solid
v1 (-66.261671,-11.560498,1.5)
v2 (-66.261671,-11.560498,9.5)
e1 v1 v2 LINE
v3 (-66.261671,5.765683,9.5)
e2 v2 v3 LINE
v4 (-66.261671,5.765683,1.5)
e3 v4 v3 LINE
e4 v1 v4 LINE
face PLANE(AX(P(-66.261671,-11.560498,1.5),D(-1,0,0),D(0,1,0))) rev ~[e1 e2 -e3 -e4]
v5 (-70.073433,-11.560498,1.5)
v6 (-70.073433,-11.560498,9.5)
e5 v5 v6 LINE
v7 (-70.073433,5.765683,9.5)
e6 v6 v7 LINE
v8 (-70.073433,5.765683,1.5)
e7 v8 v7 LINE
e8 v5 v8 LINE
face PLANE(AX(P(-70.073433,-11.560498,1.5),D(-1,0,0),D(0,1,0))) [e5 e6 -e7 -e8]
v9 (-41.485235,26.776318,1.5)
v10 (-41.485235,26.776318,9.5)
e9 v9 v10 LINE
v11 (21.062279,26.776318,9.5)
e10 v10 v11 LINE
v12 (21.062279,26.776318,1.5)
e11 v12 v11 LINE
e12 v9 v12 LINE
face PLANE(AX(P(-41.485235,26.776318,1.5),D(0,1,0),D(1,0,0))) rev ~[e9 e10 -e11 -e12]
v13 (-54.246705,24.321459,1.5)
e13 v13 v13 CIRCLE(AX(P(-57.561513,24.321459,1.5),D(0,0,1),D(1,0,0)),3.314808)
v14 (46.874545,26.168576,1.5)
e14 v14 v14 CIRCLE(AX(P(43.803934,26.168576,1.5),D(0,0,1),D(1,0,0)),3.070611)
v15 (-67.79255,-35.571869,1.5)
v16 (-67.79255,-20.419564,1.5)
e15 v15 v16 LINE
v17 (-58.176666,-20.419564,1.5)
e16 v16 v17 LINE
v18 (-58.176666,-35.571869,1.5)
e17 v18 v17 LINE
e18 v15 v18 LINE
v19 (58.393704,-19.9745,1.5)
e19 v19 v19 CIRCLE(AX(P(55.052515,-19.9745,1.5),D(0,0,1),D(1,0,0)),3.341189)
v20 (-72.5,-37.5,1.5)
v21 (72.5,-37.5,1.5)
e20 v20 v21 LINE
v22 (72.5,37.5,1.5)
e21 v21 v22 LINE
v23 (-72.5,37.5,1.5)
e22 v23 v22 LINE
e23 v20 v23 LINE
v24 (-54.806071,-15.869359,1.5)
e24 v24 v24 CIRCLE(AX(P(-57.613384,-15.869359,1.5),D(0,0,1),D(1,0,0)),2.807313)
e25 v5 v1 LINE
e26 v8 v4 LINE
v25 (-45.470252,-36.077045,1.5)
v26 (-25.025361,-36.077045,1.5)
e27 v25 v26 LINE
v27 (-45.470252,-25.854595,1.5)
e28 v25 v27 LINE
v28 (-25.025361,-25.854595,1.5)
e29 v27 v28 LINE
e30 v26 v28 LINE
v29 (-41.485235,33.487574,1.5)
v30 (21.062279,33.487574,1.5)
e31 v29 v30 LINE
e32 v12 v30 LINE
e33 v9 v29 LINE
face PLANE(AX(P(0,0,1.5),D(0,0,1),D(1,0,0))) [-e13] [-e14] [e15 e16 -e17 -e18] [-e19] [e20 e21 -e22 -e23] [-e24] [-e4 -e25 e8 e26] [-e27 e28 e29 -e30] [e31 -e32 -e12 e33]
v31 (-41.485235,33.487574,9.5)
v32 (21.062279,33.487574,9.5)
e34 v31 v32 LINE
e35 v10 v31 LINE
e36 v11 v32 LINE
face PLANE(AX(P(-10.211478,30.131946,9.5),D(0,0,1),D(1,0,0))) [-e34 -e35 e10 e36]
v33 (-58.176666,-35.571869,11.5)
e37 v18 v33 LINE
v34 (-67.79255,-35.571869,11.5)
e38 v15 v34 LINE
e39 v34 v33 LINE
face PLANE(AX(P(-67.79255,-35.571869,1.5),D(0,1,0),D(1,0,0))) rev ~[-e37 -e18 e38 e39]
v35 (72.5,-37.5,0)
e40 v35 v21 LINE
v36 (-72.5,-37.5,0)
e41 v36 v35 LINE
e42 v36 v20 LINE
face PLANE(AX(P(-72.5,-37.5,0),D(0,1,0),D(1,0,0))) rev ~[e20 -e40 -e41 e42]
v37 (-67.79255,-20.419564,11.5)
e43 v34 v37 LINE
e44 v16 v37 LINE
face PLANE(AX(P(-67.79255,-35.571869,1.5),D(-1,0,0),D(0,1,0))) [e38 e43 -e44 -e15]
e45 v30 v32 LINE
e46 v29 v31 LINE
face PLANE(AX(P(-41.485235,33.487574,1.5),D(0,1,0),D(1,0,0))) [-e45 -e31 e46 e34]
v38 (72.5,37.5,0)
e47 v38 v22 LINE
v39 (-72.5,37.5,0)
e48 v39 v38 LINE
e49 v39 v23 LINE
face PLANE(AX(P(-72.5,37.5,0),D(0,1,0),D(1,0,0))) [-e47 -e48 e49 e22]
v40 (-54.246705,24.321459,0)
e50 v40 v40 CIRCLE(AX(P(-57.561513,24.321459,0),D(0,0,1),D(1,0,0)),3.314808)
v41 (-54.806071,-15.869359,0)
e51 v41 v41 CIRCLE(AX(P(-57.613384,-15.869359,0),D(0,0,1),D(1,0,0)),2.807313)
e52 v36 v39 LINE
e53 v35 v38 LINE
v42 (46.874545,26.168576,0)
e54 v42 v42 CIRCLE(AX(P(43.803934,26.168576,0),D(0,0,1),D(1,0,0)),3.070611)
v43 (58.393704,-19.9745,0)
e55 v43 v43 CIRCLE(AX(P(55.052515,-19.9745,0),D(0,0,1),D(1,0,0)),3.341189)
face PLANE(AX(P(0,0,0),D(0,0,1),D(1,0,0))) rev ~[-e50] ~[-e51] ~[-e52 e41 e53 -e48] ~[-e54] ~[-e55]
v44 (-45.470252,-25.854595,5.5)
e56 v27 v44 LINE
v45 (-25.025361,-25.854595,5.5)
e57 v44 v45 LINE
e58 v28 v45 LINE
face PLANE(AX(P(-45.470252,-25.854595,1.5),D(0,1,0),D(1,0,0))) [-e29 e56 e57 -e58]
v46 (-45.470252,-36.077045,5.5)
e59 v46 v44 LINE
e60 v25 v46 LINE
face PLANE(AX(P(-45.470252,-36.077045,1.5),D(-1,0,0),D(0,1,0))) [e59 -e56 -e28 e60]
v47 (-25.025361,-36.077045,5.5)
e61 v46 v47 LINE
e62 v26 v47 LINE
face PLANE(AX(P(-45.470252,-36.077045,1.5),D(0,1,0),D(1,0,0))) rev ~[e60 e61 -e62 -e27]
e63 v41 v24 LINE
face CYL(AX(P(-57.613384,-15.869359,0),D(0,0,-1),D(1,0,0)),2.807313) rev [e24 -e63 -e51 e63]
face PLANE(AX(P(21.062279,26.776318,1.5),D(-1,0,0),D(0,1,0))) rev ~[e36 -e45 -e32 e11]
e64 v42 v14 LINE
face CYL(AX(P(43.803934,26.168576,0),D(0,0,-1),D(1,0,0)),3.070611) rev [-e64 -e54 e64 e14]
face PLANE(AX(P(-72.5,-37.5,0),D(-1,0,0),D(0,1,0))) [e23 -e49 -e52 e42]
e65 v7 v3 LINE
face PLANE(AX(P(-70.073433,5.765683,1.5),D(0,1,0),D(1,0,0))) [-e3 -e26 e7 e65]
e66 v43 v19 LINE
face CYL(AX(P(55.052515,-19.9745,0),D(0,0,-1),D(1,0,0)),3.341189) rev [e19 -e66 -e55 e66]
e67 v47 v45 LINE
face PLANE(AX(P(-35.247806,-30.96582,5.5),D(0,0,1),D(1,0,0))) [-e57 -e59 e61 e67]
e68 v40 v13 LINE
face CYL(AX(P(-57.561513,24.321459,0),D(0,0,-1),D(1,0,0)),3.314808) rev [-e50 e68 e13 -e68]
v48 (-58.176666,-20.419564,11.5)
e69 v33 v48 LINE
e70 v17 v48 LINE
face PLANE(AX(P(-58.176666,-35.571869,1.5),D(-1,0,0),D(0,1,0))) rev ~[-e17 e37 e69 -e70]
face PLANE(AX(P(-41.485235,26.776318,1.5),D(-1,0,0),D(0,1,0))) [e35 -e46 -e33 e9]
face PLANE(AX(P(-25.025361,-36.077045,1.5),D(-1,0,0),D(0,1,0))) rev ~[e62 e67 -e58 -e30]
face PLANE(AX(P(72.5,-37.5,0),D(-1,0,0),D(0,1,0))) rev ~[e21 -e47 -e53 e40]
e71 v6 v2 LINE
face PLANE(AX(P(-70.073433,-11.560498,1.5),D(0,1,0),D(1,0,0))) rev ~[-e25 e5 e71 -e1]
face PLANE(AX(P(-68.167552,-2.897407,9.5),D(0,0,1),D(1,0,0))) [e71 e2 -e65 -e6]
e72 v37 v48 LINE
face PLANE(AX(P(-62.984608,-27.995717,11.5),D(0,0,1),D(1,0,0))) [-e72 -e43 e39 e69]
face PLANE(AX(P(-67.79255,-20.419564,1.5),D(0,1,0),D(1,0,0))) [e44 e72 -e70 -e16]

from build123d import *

# Parameters (mm, degrees)
F0_W     = 145
F0_H     = 75
F0_R     = 2.807313
F0_R_2   = 3.341189
F0_R_3   = 3.314808
F0_R_4   = 3.070611
F1_DEPTH = 1.5
F2_W     = 20.444891
F2_H     = 10.22245
F3_DEPTH = 4
F2_W_2   = 3.811762
F2_H_2   = 17.326181
F2_W_3   = 62.547514
F2_H_3   = 6.711255
F4_DEPTH = 8
F2_W_4   = 9.615884
F2_H_4   = 15.152305
F5_DEPTH = 10


with BuildPart() as f1:
    # F0 (on Top) → F1 (new body)
    with BuildSketch(Plane.XY):
        Rectangle(F0_W, F0_H)
        with Locations((-57.613384, -15.869359)):
            Circle(F0_R, mode=Mode.SUBTRACT)
        with Locations((55.052515, -19.9745)):
            Circle(F0_R_2, mode=Mode.SUBTRACT)
        with Locations((-57.561513, 24.321459)):
            Circle(F0_R_3, mode=Mode.SUBTRACT)
        with Locations((43.803934, 26.168576)):
            Circle(F0_R_4, mode=Mode.SUBTRACT)
    extrude(amount=F1_DEPTH)

    # F2 (on face) → F3 (join)
    with BuildSketch(Plane.XY.offset(1.5)):
        with Locations((-35.247806, -30.96582)):
            Rectangle(F2_W, F2_H)
    extrude(amount=F3_DEPTH)

    # F2 (on face) → F4 (join)
    with BuildSketch(Plane.XY.offset(1.5)):
        with Locations((-68.167552, -2.897407)):
            Rectangle(F2_W_2, F2_H_2)
        with Locations((-10.211478, 30.131946)):
            Rectangle(F2_W_3, F2_H_3)
    extrude(amount=F4_DEPTH)

    # F2 (on face) → F5 (join)
    with BuildSketch(Plane.XY.offset(1.5)):
        with Locations((-62.984608, -27.995717)):
            Rectangle(F2_W_4, F2_H_4)
    extrude(amount=F5_DEPTH)


solid = f1.part
